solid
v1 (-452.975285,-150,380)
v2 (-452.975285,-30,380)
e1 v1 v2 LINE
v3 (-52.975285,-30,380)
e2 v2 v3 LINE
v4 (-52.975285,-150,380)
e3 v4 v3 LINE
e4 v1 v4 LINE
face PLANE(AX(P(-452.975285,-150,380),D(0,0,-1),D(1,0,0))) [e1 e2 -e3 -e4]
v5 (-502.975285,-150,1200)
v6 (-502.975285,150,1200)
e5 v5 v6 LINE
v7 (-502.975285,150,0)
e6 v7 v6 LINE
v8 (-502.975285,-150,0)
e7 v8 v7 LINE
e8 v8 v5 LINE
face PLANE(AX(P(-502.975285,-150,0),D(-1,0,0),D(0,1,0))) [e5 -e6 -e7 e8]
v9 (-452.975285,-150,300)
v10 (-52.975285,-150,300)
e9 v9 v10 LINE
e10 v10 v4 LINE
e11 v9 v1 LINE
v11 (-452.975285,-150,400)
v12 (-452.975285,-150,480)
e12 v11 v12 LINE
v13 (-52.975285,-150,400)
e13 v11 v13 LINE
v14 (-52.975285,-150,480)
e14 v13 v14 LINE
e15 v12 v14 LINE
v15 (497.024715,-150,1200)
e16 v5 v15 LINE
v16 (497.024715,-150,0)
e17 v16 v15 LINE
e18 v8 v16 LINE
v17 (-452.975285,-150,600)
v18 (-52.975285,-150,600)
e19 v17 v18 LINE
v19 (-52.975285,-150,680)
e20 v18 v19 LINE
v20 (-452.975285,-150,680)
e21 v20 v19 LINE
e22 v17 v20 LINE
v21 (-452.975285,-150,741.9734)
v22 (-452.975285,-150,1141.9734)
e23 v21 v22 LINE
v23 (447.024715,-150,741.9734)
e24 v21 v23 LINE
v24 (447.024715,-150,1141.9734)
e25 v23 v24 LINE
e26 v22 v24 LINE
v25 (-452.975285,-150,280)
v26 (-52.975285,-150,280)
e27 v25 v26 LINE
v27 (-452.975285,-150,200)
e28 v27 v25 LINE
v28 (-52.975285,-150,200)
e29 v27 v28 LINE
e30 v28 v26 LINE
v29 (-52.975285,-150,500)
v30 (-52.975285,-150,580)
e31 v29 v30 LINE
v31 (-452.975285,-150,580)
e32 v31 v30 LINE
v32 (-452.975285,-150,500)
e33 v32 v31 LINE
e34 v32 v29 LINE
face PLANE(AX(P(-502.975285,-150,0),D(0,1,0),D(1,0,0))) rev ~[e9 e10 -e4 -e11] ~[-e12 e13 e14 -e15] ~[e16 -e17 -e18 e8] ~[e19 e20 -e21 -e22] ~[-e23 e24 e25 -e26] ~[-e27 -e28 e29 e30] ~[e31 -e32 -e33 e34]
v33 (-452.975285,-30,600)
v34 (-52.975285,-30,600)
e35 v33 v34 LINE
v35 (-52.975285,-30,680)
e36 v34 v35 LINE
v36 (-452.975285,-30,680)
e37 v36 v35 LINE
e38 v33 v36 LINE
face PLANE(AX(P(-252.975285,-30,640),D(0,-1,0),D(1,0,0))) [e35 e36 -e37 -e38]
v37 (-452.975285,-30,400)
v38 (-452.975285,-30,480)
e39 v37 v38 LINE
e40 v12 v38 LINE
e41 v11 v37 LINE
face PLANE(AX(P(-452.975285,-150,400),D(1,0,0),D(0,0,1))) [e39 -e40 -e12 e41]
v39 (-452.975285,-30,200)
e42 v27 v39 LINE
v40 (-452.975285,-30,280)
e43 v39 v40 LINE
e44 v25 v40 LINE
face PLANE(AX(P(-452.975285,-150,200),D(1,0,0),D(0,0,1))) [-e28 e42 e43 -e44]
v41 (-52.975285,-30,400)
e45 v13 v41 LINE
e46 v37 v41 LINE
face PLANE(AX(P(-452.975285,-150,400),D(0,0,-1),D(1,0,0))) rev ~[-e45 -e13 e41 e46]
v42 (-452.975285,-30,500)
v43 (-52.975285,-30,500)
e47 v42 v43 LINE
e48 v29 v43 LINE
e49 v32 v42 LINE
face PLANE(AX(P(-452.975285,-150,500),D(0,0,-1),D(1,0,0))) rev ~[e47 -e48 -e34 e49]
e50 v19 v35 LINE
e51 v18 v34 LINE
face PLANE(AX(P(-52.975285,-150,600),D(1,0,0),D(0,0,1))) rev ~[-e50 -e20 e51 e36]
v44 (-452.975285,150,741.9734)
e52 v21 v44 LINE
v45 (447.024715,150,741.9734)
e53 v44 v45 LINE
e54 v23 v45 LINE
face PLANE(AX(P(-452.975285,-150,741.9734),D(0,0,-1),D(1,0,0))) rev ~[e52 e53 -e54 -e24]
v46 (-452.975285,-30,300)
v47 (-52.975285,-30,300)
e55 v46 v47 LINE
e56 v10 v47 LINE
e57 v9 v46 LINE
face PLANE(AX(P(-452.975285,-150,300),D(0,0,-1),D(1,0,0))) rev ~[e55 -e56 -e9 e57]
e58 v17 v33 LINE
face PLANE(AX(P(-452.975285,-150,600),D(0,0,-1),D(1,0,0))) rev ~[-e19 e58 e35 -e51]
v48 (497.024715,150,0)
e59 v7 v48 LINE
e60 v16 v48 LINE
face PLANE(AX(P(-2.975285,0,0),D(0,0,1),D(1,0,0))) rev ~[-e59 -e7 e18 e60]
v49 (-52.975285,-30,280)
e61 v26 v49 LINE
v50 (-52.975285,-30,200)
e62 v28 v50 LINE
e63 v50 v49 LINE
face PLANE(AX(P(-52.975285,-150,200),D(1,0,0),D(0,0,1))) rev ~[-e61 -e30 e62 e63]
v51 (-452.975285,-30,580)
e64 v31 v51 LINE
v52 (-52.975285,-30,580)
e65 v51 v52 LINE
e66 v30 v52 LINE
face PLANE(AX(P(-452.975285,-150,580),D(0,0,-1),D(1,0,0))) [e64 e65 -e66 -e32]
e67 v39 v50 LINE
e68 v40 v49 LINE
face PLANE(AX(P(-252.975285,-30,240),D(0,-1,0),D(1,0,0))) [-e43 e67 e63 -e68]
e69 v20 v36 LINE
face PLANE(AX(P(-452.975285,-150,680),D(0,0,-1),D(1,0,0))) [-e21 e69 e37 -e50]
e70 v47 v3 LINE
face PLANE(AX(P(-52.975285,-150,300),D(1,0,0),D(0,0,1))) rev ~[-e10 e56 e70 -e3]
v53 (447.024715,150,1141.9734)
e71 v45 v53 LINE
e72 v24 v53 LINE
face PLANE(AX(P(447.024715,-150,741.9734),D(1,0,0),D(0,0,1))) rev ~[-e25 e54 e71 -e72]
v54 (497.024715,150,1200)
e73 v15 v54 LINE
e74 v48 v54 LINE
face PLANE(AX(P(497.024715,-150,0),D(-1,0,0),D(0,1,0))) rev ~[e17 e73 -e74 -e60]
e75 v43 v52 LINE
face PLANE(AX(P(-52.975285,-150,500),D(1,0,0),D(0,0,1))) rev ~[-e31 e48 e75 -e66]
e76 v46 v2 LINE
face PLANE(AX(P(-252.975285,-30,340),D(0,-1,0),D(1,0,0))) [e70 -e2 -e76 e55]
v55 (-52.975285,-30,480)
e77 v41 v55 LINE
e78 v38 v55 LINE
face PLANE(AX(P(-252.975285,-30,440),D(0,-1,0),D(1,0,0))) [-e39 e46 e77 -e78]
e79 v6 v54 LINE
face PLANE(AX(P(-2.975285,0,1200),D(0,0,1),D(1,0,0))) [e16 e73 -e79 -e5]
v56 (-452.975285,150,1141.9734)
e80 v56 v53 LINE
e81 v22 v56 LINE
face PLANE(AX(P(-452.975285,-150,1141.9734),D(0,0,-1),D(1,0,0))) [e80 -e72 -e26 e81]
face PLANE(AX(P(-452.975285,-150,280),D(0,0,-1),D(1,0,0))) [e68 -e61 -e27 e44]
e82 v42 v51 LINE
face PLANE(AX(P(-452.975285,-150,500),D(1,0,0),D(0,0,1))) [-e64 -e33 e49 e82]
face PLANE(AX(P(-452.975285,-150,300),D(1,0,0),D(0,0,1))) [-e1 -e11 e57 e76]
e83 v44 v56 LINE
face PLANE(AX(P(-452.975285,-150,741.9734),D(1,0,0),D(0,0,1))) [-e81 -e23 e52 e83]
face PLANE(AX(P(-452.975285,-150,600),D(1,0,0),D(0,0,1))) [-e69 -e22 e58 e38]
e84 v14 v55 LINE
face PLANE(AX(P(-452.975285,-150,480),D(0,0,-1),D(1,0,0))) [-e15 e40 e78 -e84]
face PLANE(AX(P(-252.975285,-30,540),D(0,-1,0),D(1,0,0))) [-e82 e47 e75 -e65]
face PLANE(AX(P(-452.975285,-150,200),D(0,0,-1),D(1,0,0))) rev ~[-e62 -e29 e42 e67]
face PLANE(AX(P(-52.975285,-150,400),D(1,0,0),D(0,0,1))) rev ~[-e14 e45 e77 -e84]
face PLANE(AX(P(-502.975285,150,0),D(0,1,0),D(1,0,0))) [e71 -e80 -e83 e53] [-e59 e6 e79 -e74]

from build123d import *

# Parameters (mm, degrees)
F0_W     = 1000
F0_H     = 300
F1_DEPTH = 1200
F2_W     = 400
F2_H     = 80
F3_DEPTH = 120
F4_W     = 900
F4_H     = 400
F5_DEPTH = 300


with BuildPart() as f1:
    # F0 (on Top) → F1 (new body)
    with BuildSketch(Plane.XY):
        with Locations((-2.975285, 0)):
            Rectangle(F0_W, F0_H)
    extrude(amount=F1_DEPTH)

    # F2 (on face) → F3 (cut)
    with BuildSketch(Plane.XZ.offset(150)):
        with Locations((-252.975285, 640)):
            Rectangle(F2_W, F2_H)
        with Locations((-252.975285, 540)):
            Rectangle(F2_W, F2_H)
        with Locations((-252.975285, 440)):
            Rectangle(F2_W, F2_H)
        with Locations((-252.975285, 340)):
            Rectangle(F2_W, F2_H)
        with Locations((-252.975285, 240)):
            Rectangle(F2_W, F2_H)
    extrude(amount=-F3_DEPTH, mode=Mode.SUBTRACT)

    # F4 (on face) → F5 (cut)
    with BuildSketch(Plane.XZ.offset(150)):
        with Locations((-2.975285, 941.9734)):
            Rectangle(F4_W, F4_H)
    extrude(amount=-F5_DEPTH, mode=Mode.SUBTRACT)


solid = f1.part
